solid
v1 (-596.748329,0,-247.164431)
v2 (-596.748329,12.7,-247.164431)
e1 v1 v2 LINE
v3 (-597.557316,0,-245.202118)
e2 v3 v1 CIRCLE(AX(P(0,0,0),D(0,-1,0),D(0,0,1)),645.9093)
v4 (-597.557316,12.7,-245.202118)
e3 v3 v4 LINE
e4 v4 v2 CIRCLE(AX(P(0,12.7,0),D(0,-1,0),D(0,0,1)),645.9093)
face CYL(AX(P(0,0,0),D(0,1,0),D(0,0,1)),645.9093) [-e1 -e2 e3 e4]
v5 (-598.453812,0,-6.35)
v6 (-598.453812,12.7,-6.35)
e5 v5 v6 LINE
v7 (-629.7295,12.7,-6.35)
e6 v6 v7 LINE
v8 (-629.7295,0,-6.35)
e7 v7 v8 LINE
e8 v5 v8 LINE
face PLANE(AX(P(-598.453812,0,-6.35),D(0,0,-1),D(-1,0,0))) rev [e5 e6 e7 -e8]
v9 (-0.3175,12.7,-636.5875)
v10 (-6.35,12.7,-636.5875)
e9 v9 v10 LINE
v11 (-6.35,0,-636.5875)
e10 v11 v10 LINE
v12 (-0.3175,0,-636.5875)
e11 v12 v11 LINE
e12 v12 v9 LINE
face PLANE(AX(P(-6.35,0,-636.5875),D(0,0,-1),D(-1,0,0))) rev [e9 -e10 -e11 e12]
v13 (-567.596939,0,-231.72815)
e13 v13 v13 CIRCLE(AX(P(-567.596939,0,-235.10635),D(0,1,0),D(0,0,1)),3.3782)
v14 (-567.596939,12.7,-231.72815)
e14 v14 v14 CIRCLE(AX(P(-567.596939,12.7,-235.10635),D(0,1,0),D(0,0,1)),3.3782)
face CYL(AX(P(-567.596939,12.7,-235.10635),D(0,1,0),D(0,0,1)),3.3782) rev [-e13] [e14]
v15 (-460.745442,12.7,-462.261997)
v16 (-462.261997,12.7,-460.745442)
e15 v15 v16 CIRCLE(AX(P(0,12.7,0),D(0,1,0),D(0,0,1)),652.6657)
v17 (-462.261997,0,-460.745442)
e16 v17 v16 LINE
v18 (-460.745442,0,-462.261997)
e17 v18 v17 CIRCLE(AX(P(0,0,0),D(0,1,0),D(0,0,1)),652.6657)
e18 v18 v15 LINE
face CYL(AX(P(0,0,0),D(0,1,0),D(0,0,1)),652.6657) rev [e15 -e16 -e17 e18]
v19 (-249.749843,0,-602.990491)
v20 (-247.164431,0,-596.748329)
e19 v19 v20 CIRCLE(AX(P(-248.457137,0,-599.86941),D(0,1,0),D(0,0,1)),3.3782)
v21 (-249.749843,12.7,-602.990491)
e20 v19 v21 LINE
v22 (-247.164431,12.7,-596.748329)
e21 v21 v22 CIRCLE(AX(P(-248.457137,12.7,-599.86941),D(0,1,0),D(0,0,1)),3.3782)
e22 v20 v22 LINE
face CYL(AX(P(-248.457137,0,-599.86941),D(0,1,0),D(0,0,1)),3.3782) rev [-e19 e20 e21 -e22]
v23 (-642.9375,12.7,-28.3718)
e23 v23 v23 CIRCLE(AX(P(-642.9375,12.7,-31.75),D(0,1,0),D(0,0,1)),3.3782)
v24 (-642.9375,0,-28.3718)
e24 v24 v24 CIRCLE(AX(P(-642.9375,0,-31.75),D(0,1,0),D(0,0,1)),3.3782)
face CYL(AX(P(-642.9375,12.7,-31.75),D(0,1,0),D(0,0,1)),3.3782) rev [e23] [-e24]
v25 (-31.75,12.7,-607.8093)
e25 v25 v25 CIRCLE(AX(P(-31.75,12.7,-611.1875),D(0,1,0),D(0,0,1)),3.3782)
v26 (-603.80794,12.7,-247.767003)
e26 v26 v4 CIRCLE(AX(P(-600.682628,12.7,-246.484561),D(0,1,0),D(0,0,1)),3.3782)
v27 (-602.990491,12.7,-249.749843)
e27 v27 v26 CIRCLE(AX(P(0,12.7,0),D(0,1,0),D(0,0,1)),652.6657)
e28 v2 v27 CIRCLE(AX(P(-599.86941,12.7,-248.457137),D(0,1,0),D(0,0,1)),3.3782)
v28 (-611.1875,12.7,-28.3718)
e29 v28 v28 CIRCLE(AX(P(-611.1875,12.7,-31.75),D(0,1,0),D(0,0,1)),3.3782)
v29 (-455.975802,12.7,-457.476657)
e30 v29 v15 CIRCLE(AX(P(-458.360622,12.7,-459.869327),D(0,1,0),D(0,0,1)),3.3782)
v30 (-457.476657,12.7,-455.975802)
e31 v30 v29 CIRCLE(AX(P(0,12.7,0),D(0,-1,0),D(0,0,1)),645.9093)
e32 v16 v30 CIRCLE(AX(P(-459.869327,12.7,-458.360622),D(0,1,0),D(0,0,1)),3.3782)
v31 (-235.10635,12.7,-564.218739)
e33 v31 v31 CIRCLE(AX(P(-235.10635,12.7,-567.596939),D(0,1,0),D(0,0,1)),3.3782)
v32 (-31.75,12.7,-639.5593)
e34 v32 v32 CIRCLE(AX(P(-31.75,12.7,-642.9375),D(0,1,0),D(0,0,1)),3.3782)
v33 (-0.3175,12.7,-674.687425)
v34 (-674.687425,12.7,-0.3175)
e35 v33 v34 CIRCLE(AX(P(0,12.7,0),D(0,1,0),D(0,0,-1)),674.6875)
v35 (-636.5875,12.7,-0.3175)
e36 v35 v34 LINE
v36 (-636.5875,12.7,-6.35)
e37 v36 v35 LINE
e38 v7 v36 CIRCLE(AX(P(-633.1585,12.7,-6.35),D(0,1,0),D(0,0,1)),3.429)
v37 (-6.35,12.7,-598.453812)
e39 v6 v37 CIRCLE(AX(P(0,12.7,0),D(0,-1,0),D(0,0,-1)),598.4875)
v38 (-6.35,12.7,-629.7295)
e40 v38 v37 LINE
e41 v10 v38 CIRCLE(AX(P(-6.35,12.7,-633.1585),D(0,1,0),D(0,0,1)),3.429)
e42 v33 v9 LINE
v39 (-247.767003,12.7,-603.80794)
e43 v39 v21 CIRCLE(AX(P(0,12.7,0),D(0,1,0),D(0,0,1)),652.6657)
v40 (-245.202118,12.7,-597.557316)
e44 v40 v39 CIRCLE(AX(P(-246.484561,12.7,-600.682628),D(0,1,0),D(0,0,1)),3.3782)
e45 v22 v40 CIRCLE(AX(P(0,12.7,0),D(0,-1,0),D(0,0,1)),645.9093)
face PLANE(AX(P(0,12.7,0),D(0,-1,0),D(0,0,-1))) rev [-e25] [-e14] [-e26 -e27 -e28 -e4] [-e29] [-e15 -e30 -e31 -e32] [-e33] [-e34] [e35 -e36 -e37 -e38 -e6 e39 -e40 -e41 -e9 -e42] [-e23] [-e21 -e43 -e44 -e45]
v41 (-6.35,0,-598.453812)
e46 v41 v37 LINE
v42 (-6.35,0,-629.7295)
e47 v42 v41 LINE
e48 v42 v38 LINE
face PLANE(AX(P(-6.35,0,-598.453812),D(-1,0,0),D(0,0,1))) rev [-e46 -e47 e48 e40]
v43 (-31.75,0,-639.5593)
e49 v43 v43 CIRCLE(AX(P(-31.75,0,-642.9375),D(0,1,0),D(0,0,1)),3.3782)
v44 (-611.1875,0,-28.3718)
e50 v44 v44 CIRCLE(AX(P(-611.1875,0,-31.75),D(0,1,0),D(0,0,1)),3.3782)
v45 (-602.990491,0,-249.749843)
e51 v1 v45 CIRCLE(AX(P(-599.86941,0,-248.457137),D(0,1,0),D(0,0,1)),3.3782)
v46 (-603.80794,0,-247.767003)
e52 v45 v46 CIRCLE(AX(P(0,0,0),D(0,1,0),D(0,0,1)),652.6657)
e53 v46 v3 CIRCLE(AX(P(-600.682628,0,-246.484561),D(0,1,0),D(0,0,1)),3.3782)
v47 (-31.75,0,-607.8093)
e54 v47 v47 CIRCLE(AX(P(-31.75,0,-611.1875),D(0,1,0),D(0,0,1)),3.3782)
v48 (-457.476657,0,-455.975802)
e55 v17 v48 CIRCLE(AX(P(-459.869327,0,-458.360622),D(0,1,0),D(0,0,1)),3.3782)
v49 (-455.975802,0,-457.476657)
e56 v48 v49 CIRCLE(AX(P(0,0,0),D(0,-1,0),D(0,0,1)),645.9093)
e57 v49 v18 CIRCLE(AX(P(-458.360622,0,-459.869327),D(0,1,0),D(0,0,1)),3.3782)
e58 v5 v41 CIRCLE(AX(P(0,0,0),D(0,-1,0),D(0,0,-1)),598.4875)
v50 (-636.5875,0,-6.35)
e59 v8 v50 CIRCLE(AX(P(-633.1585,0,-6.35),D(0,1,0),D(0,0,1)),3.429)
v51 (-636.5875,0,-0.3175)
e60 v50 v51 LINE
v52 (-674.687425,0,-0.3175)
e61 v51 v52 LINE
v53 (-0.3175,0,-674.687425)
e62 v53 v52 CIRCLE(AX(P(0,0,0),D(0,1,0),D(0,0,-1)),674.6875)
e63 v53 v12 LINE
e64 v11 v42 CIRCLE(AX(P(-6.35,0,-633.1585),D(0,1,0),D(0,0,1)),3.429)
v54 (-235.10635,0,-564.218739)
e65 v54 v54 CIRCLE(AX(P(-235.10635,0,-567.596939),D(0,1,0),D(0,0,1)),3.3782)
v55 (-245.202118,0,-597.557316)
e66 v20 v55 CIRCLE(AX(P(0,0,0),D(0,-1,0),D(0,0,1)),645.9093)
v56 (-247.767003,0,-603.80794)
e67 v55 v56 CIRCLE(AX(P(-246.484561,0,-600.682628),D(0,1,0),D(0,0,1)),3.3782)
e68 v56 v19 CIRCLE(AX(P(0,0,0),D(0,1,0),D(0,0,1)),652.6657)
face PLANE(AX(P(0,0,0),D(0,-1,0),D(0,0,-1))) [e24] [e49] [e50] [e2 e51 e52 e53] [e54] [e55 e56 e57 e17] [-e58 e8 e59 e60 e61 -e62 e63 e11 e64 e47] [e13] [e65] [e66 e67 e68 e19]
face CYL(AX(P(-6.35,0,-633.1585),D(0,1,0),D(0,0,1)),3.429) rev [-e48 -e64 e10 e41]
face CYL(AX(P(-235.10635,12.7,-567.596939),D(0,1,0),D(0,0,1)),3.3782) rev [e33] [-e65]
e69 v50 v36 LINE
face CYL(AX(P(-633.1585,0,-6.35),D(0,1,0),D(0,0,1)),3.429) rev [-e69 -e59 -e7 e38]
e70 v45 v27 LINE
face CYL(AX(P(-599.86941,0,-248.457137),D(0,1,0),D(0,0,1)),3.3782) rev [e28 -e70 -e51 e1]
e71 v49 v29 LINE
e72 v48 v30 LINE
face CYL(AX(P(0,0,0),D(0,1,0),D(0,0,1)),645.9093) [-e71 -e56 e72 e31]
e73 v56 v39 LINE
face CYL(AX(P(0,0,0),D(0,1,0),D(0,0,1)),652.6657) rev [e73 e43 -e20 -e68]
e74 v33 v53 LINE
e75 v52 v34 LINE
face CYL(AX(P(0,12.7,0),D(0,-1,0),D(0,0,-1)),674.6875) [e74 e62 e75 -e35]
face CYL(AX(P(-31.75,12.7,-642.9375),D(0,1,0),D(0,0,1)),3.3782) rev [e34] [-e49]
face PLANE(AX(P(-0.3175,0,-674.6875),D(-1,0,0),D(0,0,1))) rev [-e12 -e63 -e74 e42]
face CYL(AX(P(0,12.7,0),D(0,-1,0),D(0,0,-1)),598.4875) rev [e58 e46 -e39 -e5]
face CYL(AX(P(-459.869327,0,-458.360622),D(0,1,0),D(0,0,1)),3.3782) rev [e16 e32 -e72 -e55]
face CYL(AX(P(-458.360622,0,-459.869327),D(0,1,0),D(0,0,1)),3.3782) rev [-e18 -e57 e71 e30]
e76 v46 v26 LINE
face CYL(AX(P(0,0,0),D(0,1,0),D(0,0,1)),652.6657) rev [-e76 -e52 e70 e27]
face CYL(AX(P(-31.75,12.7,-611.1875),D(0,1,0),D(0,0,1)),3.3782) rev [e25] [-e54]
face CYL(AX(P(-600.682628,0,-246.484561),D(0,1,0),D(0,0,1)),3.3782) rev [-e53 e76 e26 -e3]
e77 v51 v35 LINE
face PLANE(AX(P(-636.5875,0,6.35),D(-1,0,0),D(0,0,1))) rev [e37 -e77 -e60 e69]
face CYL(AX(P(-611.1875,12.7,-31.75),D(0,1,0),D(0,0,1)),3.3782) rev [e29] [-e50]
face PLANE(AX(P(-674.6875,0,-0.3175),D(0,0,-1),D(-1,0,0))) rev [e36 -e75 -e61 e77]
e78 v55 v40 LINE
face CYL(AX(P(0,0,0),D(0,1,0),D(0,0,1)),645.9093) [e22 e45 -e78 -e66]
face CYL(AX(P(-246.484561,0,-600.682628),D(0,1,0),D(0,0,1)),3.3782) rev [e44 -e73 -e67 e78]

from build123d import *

# Parameters (mm, degrees)
BOSS_EXTRUDE1_DEPTH     = 12.7
SKETCH2_W               = 12.7
SKETCH2_H               = 38.133687951
SKETCH2_W_2             = 38.133687951
SKETCH2_H_2             = 12.7
CUT_EXTRUDE1_DEPTH      = 13.7
SKETCH3_R               = 3.429
CUT_EXTRUDE2_DEPTH      = 13.7
F_1_4_CLEARANCE_HOLE2_D = 6.7564
SKETCH8_W               = 674.6875
SKETCH8_H               = 674.6875
CUT_EXTRUDE4_DEPTH      = 13.7
SKETCH10_W              = 0.3175
SKETCH10_H              = 38.1
SKETCH10_W_2            = 38.1
SKETCH10_H_2            = 0.3175
CUT_EXTRUDE5_DEPTH      = 13.7
CUT_EXTRUDE6_DEPTH      = 13.7


with BuildPart() as part:
    # Sketch1 → Boss-Extrude1 (new body)
    with BuildSketch(Plane(origin=(0, 0, 0), x_dir=(1, 0, 0), z_dir=(0, 1, 0))):
        with BuildLine():
            Line((-598.4875, 0), (-674.6875, 0))
            ThreePointArc((-674.6875, 0), (0, 674.6875), (674.6875, 0))
            Line((674.6875, 0), (598.4875, 0))
            ThreePointArc((598.4875, 0), (0, 598.4875), (-598.4875, 0))
        make_face()
    extrude(amount=BOSS_EXTRUDE1_DEPTH)

    # Sketch2 → Cut-Extrude1 (cut, through all)
    with BuildSketch(Plane(origin=(0, 12.7, 0), x_dir=(1, 0, 0), z_dir=(0, 1, 0))):
        with Locations((0, 617.520656025)):
            Rectangle(SKETCH2_W, SKETCH2_H)
        with Locations((617.520656025, 0)):
            Rectangle(SKETCH2_W_2, SKETCH2_H_2)
        with Locations((0, -617.520656025)):
            Rectangle(SKETCH2_W, SKETCH2_H)
        with Locations((-617.520656025, 0)):
            Rectangle(SKETCH2_W_2, SKETCH2_H_2)
    extrude(amount=-CUT_EXTRUDE1_DEPTH, mode=Mode.SUBTRACT)

    # Sketch3 → Cut-Extrude2 (cut, through all)
    with BuildSketch(Plane(origin=(0, 12.7, 0), x_dir=(1, 0, 0), z_dir=(0, 1, 0))):
        with Locations((-6.35, 633.1585)):
            Circle(SKETCH3_R)
        with Locations((-633.1585, 6.35)):
            Circle(SKETCH3_R)
        with Locations((6.35, 633.1585)):
            Circle(SKETCH3_R)
        with Locations((633.1585, 6.35)):
            Circle(SKETCH3_R)
    extrude(amount=-CUT_EXTRUDE2_DEPTH, mode=Mode.SUBTRACT)

    # 1/4 Clearance Hole2 (through all)
    with Locations(Plane(origin=(0, 12.7, 0), x_dir=(1, 0, 0), z_dir=(0, 1, 0))):
        with Locations((-31.75, 642.9375), (-31.75, 611.1875), (-611.1875, 31.75), (-642.9375, 31.75), (-567.596939292, 235.106350216), (-235.106350216, 567.596939292)):
            Hole(F_1_4_CLEARANCE_HOLE2_D / 2)

    # Sketch8 → Cut-Extrude4 (cut, through all)
    with BuildSketch(Plane(origin=(0, 12.7, 0), x_dir=(1, 0, 0), z_dir=(0, 1, 0))):
        with Locations((337.34375, 337.34375)):
            Rectangle(SKETCH8_W, SKETCH8_H)
    extrude(amount=-CUT_EXTRUDE4_DEPTH, mode=Mode.SUBTRACT)

    # Sketch10 → Cut-Extrude5 (cut, through all)
    with BuildSketch(Plane(origin=(0, 12.7, 0), x_dir=(1, 0, 0), z_dir=(0, 1, 0))):
        with Locations((-0.15875, 655.6375)):
            Rectangle(SKETCH10_W, SKETCH10_H)
        with Locations((-655.6375, 0.15875)):
            Rectangle(SKETCH10_W_2, SKETCH10_H_2)
    extrude(amount=-CUT_EXTRUDE5_DEPTH, mode=Mode.SUBTRACT)

    # Sketch13 → Cut-Extrude6 (cut, through all)
    with BuildSketch(Plane(origin=(0, 12.7, 0), x_dir=(1, 0, 0), z_dir=(0, 1, 0))):
        with BuildLine():
            ThreePointArc((-602.990490798, 249.74984277), (-603.400029696, 248.75875888), (-603.807939635, 247.767003434))
            ThreePointArc((-603.807939635, 247.767003434), (-601.965070474, 243.359248479), (-597.55731552, 245.20211764))
            ThreePointArc((-597.55731552, 245.20211764), (-597.153628267, 246.183606427), (-596.748328919, 247.164430609))
            ThreePointArc((-596.748328919, 247.164430609), (-598.576703778, 251.578217629), (-602.990490798, 249.74984277))
        make_face()
        with BuildLine():
            ThreePointArc((-460.745442177, 462.261996567), (-461.504342318, 461.504342318), (-462.261996567, 460.745442177))
            ThreePointArc((-462.261996567, 460.745442177), (-462.254146876, 455.967952369), (-457.476657068, 455.97580206))
            ThreePointArc((-457.476657068, 455.97580206), (-456.726846061, 456.726846061), (-455.97580206, 457.476657068))
            ThreePointArc((-455.97580206, 457.476657068), (-455.967952369, 462.254146876), (-460.745442177, 462.261996567))
        make_face()
        with BuildLine():
            ThreePointArc((-247.767003434, 603.807939635), (-248.75875888, 603.400029696), (-249.74984277, 602.990490798))
            ThreePointArc((-249.74984277, 602.990490798), (-251.578217629, 598.576703778), (-247.164430609, 596.748328919))
            ThreePointArc((-247.164430609, 596.748328919), (-246.183606427, 597.153628267), (-245.20211764, 597.55731552))
            ThreePointArc((-245.20211764, 597.55731552), (-243.359248479, 601.965070474), (-247.767003434, 603.807939635))
        make_face()
    extrude(amount=-CUT_EXTRUDE6_DEPTH, mode=Mode.SUBTRACT)


solid = part.part
